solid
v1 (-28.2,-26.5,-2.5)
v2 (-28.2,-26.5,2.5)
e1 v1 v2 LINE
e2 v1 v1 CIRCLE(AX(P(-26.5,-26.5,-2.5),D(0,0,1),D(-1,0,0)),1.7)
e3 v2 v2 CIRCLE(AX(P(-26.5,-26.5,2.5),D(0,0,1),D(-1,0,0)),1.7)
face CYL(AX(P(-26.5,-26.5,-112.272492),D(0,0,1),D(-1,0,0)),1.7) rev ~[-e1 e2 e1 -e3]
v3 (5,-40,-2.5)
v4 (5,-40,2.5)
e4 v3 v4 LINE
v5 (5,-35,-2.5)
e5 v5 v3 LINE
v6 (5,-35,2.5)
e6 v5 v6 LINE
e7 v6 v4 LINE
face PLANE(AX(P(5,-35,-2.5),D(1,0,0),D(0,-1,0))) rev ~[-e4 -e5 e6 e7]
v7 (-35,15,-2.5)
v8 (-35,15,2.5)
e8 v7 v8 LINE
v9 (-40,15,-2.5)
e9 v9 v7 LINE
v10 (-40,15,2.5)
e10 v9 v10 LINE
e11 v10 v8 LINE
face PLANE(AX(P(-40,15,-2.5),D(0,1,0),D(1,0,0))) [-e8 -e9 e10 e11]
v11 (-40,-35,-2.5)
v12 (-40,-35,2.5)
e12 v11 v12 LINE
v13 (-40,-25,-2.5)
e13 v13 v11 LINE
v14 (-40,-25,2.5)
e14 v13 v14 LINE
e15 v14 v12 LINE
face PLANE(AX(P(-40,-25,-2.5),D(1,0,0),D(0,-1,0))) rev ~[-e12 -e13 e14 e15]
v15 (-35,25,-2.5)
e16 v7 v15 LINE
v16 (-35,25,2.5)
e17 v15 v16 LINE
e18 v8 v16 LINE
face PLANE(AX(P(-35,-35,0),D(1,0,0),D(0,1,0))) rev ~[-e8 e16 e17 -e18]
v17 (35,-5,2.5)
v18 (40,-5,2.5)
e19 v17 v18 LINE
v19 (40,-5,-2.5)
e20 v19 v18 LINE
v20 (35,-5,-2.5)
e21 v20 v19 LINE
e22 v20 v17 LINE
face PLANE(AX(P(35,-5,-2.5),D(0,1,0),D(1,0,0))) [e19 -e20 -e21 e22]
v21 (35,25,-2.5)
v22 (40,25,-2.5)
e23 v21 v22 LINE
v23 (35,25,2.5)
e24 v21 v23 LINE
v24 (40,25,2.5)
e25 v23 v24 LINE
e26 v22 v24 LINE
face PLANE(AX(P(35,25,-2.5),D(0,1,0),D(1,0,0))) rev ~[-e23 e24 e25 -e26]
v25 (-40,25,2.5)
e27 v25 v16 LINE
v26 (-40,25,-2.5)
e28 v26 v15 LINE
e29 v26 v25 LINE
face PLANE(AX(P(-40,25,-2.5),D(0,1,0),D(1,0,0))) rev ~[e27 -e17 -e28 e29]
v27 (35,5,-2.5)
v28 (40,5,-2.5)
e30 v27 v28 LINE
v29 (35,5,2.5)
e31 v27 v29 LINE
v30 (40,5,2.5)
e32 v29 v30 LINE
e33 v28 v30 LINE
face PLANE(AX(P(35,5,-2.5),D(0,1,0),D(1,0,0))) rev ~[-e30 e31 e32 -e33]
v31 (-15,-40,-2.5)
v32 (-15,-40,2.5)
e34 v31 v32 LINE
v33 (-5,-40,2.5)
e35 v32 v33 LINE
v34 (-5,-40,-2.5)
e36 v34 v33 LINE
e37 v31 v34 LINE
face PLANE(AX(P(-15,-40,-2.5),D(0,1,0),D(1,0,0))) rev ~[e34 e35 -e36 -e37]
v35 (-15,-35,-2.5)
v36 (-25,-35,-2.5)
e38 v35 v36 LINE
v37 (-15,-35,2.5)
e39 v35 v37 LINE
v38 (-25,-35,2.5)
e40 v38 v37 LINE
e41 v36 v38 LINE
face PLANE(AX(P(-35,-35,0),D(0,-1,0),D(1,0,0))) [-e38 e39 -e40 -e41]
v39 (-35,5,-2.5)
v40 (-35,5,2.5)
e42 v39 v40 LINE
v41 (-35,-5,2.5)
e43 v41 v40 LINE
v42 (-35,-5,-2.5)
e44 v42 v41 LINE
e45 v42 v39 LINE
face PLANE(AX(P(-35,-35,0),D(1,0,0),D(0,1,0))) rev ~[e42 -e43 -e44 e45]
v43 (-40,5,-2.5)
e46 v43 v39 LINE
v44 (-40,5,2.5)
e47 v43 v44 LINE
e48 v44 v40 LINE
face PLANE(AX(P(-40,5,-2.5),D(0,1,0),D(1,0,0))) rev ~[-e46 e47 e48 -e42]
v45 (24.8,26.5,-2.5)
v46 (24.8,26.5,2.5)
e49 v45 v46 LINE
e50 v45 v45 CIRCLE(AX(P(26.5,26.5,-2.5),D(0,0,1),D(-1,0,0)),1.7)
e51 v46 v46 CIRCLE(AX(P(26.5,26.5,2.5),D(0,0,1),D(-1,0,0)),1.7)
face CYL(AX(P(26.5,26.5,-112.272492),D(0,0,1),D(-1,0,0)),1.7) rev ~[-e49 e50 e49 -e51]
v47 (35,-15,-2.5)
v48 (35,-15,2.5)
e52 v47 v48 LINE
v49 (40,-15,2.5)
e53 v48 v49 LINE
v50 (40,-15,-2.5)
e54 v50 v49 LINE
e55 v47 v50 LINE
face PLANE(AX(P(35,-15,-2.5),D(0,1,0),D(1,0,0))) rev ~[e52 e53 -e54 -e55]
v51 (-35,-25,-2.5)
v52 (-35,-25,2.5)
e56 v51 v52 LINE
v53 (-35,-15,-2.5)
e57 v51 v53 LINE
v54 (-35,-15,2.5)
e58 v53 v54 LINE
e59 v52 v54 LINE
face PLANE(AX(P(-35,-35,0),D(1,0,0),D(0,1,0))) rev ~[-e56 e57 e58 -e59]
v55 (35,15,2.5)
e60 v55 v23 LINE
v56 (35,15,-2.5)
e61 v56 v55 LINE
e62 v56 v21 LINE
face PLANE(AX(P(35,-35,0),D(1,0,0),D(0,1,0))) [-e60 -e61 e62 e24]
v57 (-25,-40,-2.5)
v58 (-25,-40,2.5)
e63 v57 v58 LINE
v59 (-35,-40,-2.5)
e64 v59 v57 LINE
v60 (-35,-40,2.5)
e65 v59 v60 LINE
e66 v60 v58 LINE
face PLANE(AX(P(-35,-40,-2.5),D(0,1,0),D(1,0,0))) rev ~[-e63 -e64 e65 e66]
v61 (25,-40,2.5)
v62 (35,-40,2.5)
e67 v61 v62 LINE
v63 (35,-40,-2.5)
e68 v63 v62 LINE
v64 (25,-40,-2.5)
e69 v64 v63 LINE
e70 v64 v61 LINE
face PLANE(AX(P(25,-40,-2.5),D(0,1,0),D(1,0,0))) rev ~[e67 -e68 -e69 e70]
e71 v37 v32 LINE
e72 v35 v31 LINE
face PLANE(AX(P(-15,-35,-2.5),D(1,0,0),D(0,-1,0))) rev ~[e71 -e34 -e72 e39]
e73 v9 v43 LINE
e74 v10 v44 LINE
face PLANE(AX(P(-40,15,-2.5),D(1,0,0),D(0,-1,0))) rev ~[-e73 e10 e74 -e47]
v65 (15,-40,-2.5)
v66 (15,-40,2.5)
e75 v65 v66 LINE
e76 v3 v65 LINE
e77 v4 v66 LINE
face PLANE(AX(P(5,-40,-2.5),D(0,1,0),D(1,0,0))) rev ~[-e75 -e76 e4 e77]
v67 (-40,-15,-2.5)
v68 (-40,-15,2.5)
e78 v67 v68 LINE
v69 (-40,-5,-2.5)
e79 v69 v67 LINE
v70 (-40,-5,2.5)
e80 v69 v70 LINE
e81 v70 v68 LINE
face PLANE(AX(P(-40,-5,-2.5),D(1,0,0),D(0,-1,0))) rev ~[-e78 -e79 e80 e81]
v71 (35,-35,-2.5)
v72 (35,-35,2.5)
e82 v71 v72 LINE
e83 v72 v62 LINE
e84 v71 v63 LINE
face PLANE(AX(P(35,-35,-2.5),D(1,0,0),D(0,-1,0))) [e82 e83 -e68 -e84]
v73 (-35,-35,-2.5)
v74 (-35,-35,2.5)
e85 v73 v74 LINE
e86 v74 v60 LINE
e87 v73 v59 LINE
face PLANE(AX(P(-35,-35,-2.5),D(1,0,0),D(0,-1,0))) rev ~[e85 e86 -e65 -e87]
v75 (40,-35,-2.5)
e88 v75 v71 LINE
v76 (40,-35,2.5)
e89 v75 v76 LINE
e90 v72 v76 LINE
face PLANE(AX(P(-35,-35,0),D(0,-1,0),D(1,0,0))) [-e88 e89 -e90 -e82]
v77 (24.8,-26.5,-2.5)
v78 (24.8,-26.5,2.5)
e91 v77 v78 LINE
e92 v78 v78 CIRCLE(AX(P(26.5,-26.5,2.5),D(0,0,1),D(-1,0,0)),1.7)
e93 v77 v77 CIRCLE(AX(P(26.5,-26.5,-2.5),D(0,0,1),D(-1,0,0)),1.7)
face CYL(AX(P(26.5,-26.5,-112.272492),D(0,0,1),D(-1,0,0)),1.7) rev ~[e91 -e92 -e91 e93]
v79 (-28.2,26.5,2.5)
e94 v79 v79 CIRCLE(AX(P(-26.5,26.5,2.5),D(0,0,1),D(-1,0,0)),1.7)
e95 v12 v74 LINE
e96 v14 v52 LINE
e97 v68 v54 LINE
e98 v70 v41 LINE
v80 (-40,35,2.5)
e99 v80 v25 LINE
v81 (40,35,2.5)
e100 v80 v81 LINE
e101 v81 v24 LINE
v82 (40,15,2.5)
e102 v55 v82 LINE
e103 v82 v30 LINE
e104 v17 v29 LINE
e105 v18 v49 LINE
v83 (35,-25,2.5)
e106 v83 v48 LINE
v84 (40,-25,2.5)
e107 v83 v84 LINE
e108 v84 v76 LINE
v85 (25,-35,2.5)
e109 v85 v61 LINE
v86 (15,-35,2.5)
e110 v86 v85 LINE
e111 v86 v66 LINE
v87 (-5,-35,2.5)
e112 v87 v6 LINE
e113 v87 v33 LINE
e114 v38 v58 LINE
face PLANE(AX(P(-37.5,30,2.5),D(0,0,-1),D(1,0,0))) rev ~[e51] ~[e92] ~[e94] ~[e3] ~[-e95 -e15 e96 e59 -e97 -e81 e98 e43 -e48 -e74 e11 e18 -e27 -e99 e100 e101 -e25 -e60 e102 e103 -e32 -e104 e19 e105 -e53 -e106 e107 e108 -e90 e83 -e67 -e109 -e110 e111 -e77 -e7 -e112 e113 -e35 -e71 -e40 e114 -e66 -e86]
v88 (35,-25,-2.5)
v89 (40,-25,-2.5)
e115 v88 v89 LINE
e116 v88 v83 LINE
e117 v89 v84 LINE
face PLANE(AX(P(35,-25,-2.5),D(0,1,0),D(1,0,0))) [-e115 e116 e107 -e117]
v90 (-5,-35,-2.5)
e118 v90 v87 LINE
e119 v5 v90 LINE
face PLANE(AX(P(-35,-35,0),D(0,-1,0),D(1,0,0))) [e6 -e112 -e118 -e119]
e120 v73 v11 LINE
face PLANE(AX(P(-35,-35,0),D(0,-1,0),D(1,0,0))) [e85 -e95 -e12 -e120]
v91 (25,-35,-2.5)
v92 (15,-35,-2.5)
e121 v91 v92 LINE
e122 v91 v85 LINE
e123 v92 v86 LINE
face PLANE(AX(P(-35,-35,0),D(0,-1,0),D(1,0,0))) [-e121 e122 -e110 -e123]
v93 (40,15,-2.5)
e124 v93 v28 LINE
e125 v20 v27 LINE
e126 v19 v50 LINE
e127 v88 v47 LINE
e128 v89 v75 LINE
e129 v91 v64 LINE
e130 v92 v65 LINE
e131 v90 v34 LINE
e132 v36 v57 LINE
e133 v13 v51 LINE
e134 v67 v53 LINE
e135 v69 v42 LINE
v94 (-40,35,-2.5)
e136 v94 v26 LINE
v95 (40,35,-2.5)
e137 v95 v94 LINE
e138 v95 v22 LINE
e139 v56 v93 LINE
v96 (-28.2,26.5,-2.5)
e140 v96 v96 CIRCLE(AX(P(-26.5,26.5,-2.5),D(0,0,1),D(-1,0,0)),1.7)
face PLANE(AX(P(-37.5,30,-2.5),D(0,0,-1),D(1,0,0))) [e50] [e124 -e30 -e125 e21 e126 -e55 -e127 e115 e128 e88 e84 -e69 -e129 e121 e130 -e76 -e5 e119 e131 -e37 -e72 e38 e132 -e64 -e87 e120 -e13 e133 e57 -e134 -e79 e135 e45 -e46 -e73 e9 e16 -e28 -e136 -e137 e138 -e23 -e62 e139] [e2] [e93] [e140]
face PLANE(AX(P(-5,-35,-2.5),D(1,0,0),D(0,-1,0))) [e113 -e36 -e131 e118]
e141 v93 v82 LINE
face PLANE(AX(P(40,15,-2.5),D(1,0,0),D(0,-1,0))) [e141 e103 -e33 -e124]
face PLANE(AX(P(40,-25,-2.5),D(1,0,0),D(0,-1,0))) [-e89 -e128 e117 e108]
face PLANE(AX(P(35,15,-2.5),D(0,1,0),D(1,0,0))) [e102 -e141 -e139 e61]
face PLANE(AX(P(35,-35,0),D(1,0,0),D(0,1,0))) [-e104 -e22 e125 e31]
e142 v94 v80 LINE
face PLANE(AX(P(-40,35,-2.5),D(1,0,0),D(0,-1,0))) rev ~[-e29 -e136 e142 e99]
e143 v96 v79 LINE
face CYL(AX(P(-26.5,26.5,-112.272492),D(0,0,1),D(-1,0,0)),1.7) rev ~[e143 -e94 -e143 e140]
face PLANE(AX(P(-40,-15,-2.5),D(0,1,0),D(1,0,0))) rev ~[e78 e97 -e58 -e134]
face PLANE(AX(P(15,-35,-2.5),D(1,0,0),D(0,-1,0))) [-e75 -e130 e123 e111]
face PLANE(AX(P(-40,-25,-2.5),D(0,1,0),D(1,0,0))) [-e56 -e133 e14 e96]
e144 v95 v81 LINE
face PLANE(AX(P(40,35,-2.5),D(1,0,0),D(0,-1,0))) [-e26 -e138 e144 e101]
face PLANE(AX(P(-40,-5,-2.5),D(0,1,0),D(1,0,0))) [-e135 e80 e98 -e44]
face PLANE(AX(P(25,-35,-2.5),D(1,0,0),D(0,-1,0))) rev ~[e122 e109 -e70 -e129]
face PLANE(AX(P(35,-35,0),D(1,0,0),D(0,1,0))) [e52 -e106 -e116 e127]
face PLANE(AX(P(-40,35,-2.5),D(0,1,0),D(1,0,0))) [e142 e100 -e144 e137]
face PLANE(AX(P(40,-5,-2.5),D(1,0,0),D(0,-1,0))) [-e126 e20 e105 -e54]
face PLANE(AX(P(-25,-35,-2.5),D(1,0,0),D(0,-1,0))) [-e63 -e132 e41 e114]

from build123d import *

# Parameters (mm, degrees)
F0_W     = 70
F0_H     = 70
F1_DEPTH = 2.5
F2_W     = 5
F2_H     = 10
F3_DEPTH = 5
F4_W     = 10
F4_H     = 5
F5_DEPTH = 5
F7_D     = 3.4


with BuildPart() as f1:
    # F0 (on Top) → F1 (new body, symmetric)
    with BuildSketch(Plane.XY):
        Rectangle(F0_W, F0_H)
    extrude(amount=F1_DEPTH, both=True)

    # F2 (on face) → F3 (join, through all)
    with BuildSketch(Plane(origin=(0, 0, -2.5), x_dir=(1, 0, 0), z_dir=(0, 0, -1))):
        with Locations((-37.5, -30)):
            Rectangle(F2_W, F2_H)
        with Locations((37.5, -30)):
            Rectangle(F2_W, F2_H)
        with Locations((37.5, -10)):
            Rectangle(F2_W, F2_H)
        with Locations((-37.5, -10)):
            Rectangle(F2_W, F2_H)
        with Locations((37.5, 10)):
            Rectangle(F2_W, F2_H)
        with Locations((-37.5, 10)):
            Rectangle(F2_W, F2_H)
        with Locations((37.5, 30)):
            Rectangle(F2_W, F2_H)
        with Locations((-37.5, 30)):
            Rectangle(F2_W, F2_H)
    extrude(amount=-F3_DEPTH)

    # F4 (on face) → F5 (join, through all)
    with BuildSketch(Plane(origin=(0, 0, -2.5), x_dir=(1, 0, 0), z_dir=(0, 0, -1))):
        with Locations((-30, 37.5)):
            Rectangle(F4_W, F4_H)
        with Locations((-10, 37.5)):
            Rectangle(F4_W, F4_H)
        with Locations((10, 37.5)):
            Rectangle(F4_W, F4_H)
        with Locations((30, 37.5)):
            Rectangle(F4_W, F4_H)
    extrude(amount=-F5_DEPTH)

    # F7 (through all)
    with Locations(Plane(origin=(0, 0, -2.5), x_dir=(1, 0, 0), z_dir=(0, 0, -1))):
        with Locations((-26.5, 26.5), (26.5, 26.5), (26.5, -26.5), (-26.5, -26.5)):
            Hole(F7_D / 2)


solid = f1.part
